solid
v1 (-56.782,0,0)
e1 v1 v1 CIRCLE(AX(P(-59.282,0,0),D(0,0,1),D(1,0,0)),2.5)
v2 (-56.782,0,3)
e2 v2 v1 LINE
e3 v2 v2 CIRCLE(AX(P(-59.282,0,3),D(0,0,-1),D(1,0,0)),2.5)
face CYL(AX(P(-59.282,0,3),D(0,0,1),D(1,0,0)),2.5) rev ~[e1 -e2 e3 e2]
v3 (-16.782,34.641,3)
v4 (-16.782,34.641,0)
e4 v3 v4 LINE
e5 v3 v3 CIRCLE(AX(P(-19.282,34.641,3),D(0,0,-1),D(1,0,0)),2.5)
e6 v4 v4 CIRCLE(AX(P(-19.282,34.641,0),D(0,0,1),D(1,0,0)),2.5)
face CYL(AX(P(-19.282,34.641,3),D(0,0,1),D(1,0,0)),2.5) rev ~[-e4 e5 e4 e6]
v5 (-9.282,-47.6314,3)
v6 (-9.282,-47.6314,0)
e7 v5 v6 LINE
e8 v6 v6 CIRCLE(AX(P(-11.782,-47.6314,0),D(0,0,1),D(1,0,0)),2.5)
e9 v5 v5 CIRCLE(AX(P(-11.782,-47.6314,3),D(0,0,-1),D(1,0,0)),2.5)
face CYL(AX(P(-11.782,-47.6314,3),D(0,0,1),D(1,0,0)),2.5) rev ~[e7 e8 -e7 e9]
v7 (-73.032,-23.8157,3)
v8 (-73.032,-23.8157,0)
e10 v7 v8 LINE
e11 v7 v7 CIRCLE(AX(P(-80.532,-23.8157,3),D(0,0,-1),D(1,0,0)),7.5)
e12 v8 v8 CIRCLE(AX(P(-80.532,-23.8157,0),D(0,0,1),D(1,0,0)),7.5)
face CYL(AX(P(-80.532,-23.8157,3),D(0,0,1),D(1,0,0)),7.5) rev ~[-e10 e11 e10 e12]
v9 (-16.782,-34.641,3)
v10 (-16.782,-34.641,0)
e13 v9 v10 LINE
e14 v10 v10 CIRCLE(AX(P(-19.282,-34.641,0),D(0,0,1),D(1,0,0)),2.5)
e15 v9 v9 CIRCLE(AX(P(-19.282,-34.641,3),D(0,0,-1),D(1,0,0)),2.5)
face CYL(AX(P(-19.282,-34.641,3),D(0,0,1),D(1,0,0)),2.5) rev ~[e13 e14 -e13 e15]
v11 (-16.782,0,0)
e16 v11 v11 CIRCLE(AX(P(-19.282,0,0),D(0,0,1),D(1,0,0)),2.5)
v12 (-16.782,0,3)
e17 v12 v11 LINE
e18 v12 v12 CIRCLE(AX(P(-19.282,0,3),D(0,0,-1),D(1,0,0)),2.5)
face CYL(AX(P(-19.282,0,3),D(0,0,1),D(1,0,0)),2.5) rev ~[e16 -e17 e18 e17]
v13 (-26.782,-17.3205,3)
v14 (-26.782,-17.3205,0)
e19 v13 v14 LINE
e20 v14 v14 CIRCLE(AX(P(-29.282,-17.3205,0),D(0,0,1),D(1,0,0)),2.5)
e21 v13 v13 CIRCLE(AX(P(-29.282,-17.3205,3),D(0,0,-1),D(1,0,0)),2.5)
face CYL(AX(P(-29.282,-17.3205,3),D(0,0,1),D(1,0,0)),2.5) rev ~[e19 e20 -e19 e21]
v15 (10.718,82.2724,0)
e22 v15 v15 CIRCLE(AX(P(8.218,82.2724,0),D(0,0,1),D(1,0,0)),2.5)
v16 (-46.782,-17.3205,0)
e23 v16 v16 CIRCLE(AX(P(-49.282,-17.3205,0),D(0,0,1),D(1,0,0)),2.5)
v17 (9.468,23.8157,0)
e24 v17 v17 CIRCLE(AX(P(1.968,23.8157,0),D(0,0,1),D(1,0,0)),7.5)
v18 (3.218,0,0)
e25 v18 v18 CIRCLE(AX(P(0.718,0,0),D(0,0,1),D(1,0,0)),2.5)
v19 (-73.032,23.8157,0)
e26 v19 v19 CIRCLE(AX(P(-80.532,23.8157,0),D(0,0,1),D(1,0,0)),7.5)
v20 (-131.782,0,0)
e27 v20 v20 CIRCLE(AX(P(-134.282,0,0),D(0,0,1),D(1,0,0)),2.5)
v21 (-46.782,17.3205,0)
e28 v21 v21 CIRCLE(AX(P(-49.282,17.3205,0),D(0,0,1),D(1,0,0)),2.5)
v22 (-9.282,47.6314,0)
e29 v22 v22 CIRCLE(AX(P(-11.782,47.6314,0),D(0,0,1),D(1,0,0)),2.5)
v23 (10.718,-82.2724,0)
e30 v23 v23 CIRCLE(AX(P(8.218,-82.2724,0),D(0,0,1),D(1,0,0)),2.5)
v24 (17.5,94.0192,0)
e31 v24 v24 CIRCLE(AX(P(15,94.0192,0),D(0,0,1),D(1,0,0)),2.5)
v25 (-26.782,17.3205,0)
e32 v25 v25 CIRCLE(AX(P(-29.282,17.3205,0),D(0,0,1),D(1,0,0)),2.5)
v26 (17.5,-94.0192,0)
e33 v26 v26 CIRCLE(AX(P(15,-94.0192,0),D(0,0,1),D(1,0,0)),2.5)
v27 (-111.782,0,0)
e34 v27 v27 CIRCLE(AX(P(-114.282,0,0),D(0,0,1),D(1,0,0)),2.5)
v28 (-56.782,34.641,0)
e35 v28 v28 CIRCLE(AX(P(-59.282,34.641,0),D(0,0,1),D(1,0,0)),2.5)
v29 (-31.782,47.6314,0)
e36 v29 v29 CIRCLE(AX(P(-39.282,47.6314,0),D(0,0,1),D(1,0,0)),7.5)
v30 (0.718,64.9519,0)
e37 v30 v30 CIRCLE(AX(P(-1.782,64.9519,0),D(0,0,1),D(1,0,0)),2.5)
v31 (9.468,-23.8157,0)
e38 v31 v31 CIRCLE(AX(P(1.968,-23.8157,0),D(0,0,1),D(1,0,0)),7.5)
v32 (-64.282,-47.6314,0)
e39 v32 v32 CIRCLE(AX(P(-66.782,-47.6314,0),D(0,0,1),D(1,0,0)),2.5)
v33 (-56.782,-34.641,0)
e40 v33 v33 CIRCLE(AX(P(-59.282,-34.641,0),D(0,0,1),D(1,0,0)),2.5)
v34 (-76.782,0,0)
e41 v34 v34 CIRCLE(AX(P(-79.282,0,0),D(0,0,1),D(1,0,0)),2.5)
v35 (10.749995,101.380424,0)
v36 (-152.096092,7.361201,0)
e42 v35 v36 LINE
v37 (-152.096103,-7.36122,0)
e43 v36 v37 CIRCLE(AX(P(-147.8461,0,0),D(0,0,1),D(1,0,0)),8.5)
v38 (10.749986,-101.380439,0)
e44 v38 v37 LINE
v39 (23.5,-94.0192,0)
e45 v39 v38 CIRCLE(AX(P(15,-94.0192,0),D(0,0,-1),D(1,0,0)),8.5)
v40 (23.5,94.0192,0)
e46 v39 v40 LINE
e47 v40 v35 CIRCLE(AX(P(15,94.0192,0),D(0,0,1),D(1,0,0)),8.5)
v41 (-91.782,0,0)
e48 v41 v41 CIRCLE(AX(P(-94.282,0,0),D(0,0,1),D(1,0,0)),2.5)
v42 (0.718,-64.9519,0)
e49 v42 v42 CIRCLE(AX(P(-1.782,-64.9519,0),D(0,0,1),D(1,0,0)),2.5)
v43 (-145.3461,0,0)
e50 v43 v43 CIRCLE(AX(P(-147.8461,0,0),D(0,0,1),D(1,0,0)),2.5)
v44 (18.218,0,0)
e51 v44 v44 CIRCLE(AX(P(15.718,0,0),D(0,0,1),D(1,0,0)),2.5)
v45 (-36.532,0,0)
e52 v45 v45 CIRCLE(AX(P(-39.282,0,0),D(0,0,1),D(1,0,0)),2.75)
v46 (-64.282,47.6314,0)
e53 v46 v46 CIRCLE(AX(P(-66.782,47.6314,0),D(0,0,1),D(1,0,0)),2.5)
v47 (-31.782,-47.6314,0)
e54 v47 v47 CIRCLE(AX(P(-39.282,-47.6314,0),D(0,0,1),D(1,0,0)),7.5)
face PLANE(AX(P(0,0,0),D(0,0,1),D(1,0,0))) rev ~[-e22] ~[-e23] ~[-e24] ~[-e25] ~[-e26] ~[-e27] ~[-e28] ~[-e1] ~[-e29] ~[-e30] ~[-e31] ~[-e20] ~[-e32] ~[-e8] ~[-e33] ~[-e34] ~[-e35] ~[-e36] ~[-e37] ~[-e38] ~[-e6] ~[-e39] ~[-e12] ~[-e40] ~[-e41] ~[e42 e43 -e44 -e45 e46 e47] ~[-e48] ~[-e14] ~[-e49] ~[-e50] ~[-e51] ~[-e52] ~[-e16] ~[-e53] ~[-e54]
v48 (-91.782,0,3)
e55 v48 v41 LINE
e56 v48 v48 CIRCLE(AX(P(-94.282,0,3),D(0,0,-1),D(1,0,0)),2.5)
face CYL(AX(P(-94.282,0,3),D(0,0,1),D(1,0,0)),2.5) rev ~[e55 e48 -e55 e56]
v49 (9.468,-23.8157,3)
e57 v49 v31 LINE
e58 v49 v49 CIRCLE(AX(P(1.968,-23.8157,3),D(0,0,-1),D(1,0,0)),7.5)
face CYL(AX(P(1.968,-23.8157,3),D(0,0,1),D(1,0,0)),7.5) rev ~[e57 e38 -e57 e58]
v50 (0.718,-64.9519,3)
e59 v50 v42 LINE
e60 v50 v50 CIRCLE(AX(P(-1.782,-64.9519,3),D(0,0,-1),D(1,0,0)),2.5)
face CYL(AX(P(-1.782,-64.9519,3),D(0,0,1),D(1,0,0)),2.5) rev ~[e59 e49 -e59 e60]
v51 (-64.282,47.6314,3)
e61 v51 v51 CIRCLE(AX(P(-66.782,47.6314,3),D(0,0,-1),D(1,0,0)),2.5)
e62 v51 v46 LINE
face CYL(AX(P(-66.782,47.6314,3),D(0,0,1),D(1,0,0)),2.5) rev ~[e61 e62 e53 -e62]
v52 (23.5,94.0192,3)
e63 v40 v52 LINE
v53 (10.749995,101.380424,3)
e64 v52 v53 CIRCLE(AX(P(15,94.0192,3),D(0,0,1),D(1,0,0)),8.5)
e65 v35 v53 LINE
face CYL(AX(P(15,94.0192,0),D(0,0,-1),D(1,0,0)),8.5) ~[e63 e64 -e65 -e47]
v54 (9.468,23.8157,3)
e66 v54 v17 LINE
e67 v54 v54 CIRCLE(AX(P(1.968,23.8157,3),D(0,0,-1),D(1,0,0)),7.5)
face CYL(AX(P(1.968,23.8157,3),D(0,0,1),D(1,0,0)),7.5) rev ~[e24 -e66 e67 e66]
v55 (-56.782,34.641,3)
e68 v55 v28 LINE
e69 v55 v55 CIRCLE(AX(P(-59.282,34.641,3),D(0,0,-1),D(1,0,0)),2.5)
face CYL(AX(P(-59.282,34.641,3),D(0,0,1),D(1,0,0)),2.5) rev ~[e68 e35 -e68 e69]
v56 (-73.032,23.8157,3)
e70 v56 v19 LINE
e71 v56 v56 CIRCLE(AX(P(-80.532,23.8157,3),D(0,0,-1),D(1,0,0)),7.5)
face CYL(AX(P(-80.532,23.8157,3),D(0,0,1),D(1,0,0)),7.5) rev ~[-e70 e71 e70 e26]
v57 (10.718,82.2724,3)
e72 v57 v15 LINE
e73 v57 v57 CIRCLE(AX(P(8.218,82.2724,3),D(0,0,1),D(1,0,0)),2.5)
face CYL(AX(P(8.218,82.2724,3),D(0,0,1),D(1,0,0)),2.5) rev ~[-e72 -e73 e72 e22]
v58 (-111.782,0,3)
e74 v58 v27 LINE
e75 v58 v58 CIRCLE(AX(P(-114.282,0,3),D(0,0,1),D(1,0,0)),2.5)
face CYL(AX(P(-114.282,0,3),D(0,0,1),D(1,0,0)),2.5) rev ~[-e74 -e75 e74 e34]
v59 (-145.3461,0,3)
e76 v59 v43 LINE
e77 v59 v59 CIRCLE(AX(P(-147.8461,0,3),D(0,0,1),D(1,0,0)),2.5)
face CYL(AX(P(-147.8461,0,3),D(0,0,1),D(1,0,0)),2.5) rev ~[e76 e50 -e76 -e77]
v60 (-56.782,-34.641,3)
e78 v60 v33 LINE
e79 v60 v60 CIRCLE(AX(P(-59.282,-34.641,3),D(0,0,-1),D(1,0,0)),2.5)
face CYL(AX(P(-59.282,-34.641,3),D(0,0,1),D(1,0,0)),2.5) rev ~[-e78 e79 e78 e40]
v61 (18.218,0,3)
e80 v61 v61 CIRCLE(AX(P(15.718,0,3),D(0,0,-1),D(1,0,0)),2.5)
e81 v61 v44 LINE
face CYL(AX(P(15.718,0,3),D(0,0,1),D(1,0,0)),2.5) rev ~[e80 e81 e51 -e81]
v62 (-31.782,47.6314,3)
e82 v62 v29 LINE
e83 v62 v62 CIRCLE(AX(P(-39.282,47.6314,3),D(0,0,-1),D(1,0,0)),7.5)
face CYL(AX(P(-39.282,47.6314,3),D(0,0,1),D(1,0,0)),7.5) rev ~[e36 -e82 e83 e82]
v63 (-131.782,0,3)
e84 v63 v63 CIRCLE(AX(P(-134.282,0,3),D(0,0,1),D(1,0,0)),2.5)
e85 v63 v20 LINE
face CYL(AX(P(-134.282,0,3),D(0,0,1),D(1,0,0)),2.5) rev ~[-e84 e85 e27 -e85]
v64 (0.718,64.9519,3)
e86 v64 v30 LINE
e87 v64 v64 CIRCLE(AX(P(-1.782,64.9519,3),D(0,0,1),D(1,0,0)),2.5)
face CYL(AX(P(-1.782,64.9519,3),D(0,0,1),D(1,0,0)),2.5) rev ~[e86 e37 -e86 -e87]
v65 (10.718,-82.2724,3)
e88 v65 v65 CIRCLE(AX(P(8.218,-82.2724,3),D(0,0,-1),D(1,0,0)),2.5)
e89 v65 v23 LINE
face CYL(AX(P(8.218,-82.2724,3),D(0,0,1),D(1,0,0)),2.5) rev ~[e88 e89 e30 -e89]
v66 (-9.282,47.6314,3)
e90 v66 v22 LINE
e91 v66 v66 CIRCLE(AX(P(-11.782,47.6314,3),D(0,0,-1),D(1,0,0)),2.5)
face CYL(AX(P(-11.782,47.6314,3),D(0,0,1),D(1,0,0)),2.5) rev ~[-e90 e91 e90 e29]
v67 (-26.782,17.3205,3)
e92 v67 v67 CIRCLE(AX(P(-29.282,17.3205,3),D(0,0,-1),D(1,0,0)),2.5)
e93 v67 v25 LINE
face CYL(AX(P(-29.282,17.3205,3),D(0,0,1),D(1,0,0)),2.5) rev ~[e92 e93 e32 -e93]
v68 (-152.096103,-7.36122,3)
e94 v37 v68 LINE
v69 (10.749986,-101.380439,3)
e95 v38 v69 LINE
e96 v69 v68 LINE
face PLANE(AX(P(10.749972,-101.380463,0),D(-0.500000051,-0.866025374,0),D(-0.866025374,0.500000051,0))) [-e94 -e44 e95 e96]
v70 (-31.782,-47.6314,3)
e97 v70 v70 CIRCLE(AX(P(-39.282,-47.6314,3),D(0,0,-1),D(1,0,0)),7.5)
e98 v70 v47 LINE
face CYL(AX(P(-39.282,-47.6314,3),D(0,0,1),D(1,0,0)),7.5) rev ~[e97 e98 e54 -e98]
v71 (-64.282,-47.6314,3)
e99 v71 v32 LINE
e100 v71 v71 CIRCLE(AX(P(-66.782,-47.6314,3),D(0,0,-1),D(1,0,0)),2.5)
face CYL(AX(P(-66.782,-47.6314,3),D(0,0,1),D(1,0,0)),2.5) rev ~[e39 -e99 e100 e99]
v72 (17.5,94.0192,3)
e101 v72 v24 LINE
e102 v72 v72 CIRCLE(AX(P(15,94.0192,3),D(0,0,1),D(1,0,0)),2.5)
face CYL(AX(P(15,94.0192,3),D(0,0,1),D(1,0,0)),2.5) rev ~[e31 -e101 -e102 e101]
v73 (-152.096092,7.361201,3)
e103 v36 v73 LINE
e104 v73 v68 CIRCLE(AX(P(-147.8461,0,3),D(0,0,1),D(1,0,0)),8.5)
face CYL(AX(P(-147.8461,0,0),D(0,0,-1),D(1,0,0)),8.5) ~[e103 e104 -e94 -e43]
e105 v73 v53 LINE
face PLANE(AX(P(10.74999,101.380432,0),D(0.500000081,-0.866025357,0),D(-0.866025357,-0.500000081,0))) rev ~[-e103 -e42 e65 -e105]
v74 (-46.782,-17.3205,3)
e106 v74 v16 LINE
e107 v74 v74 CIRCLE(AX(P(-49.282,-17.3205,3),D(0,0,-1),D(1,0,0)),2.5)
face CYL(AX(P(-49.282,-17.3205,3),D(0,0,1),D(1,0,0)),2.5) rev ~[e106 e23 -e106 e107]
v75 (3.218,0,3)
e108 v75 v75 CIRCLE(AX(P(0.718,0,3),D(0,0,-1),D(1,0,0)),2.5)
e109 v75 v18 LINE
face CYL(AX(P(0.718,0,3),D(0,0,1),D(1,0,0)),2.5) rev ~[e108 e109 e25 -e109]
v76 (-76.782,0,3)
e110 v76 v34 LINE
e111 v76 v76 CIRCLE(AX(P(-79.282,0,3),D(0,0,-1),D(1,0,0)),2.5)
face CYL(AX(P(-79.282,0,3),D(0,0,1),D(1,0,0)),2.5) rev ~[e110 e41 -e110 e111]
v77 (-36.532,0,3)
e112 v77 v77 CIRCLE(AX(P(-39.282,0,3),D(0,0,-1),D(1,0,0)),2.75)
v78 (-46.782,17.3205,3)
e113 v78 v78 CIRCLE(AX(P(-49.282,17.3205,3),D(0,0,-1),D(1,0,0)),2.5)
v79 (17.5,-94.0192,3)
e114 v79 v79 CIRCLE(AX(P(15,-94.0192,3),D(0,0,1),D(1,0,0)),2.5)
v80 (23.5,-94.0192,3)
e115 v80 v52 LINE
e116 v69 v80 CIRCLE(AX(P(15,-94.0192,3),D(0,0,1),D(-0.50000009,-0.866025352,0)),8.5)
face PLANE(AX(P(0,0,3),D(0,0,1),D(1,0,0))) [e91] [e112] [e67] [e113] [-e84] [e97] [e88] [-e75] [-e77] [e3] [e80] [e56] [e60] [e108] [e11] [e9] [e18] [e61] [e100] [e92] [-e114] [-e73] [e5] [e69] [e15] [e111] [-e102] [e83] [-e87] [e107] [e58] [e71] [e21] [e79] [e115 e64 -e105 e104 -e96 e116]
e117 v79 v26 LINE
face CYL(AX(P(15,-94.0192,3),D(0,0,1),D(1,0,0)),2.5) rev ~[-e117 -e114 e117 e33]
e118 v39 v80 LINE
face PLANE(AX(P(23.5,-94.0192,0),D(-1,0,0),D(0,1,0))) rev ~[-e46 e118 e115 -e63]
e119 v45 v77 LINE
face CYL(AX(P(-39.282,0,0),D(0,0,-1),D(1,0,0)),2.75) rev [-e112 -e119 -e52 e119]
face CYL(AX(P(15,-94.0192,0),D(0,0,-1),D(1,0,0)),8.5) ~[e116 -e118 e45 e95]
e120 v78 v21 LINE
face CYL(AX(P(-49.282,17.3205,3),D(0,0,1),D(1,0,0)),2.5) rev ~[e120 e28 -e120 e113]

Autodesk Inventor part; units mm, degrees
ref_plane "YZ Plane" through (0, 0, 0) normal (1, 0, 0) x (0, 1, 0)
ref_plane "XZ Plane" through (0, 0, 0) normal (0, 1, 0) x (-1, 0, 0)
ref_plane "XY Plane" through (0, 0, 0) normal (0, 0, 1) x (1, 0, 0)
sketch "Sketch1" plane through (0, 0, 0) normal (0, 0, 1) x (1, 0, 0)
  line L0 (-154.4076, 199.4033) -> (65.098, -180.7915)
  circle A0 centre (-39.282, 0) radius 2.75
  circle A1 centre (15, 94.0192) radius 8.5
  circle A2 centre (-147.8461, 0) radius 8.5
  circle A3 centre (15, -94.0192) radius 8.5
  line L1 (15, 94.0192) -> (15, -94.0192)
  line L2 (15, -94.0192) -> (-147.8461, 0)
  line L3 (-147.8461, 0) -> (15, 94.0192)
  line L4 (53.7758, 126.2214) -> (-193.87, -16.757)
  line L5 (23.5, -175.7783) -> (23.5, 120.7175)
  line L6 (64.2969, -132.2958) -> (-207.0406, 24.361)
  circle A4 centre (-39.282, 0) radius 2.75
  circle A5 centre (-39.282, 0) radius 2.5 projected
  point P0 (0, 0)
  point P1 (23.5, -94.0192)
  point P2 (23.5, 94.0192)
  point P3 (10.75, 101.3805)
  point P4 (-152.0961, 7.3612)
  point P5 (-152.0961, -7.3612)
  point P6 (10.75, -101.3805)
  dimension "d2" = 17
  dimension "d3" = 360
  dimension "d4" = 5.5
extrude "Extrusion1" add sketch "Sketch1" along normal blind 3 contours L4 A1 L3 L0 | L0 L3 A2 L4 | L3 A1 L1 A3 L0 A0 | L0 A0 A3 L2 A2 L3 | A1 L1 L3 | A2 L3 L2 | A2 L2 L3 | L3 L1 A1 | L5 A3 L1 A1 | A2 L2 A3 L6 | A3 L0 L1 | A3 L2 L0 | A3 L1 L0 | L0 L2 A3
sketch "Sketch2" plane through (0, 0, 3) normal (0, 0, 1) x (1, 0, 0)
  circle A0 centre (-147.8461, 0) radius 2.5 projected
  circle A1 centre (15, 94.0192) radius 2.5 projected
  circle A2 centre (15, -94.0192) radius 2.5 projected
  line L0 (-152.0961, -7.3612) -> (10.75, -101.3805) projected
  line L1 (10.75, 101.3805) -> (-152.0961, 7.3612) projected
  point P0 (0, 0)
extrude "Extrusion2" cut sketch "Sketch2" against normal blind 3
sketch "Sketch3" plane through (0, 0, 3) normal (0, 0, 1) x (1, 0, 0)
  circle A0 centre (-39.282, 0) radius 2.75 projected
  line L0 (-39.282, 0) -> (-59.282, 0)
  line L1 (-59.282, 0) -> (-79.282, 0)
  line L2 (-79.282, 0) -> (-94.282, 0)
  line L3 (-94.282, 0) -> (-109.282, 0)
  line L4 (-59.282, 0) -> (-49.282, 17.3205)
  line L5 (-49.282, 17.3205) -> (-29.282, 17.3205)
  line L6 (-29.282, 17.3205) -> (-19.282, 0)
  line L7 (-19.282, 0) -> (-29.282, -17.3205)
  line L8 (-29.282, -17.3205) -> (-49.282, -17.3205)
  line L9 (-49.282, -17.3205) -> (-59.282, 0)
  line L10 (-79.282, 0) -> (-59.282, 34.641)
  line L11 (-59.282, 34.641) -> (-19.282, 34.641)
  line L12 (-19.282, 34.641) -> (0.718, 0)
  line L13 (0.718, 0) -> (-19.282, -34.641)
  line L14 (-19.282, -34.641) -> (-59.282, -34.641)
  line L15 (-59.282, -34.641) -> (-79.282, 0)
  line L16 (-94.282, 0) -> (-66.782, 47.6314)
  line L17 (-66.782, 47.6314) -> (-11.782, 47.6314)
  line L18 (-11.782, 47.6314) -> (15.718, 0)
  line L19 (15.718, 0) -> (-11.782, -47.6314)
  line L20 (-11.782, -47.6314) -> (-66.782, -47.6314)
  line L21 (-66.782, -47.6314) -> (-94.282, 0)
  circle A1 centre (-49.282, -17.3205) radius 2.5
  circle A2 centre (-59.282, -34.641) radius 2.5
  circle A3 centre (-66.782, -47.6314) radius 2.5
  circle A4 centre (-29.282, -17.3205) radius 2.5
  circle A5 centre (-19.282, -34.641) radius 2.5
  circle A6 centre (-11.782, -47.6314) radius 2.5
  circle A7 centre (-19.282, 0) radius 2.5
  circle A8 centre (0.718, 0) radius 2.5
  circle A9 centre (15.718, 0) radius 2.5
  circle A10 centre (-29.282, 17.3205) radius 2.5
  circle A11 centre (-19.282, 34.641) radius 2.5
  circle A12 centre (-11.782, 47.6314) radius 2.5
  circle A13 centre (-49.282, 17.3205) radius 2.5
  circle A14 centre (-59.282, 34.641) radius 2.5
  circle A15 centre (-66.782, 47.6314) radius 2.5
  circle A16 centre (-59.282, 0) radius 2.5
  circle A17 centre (-79.282, 0) radius 2.5
  circle A18 centre (-94.282, 0) radius 2.5
  line L22 (-19.282, -34.641) -> (-11.782, -47.6314)
  line L23 (-11.782, -47.6314) -> (-1.782, -64.9519)
  line L24 (-1.782, -64.9519) -> (8.218, -82.2724)
  circle A19 centre (-1.782, -64.9519) radius 2.5
  circle A20 centre (8.218, -82.2724) radius 2.5
  circle A21 centre (-1.782, 64.9519) radius 2.5
  circle A22 centre (8.218, 82.2724) radius 2.5
  circle A23 centre (-114.282, 0) radius 2.5
  circle A24 centre (-134.282, 0) radius 2.5
  line L25 (-80.532, 23.8157) -> (-39.282, 0)
  line L26 (-39.282, 0) -> (-39.282, 47.6314)
  line L27 (-39.282, 0) -> (1.968, 23.8157)
  line L28 (-39.282, 0) -> (1.968, -23.8157)
  line L29 (-39.282, 0) -> (-39.282, -47.6314)
  line L30 (-39.282, 0) -> (-80.532, -23.8157)
  circle A25 centre (-80.532, -23.8157) radius 7.5
  circle A26 centre (-39.282, -47.6314) radius 7.5
  circle A27 centre (1.968, -23.8157) radius 7.5
  circle A28 centre (1.968, 23.8157) radius 7.5
  circle A29 centre (-39.282, 47.6314) radius 7.5
  circle A30 centre (-80.532, 23.8157) radius 7.5
  point P0 (0, 0)
  dimension "d9" = 20
  dimension "d10" = 20
  dimension "d11" = 15
  dimension "d12" = 15
  dimension "d13" = 5
  dimension "d14" = 5
  dimension "d15" = 5
  dimension "d18" = 360
  dimension "d20" = 20
  dimension "d21" = 20
  dimension "d22" = 5
  dimension "d23" = 5
  dimension "d24" = 17.3205
  dimension "d27" = 360
  dimension "d31" = 15
  dimension "d32" = 15
  dimension "d33" = 15
  dimension "d34" = 15
  dimension "d35" = 15
  dimension "d36" = 15
extrude "Extrusion3" cut sketch "Sketch3" against normal blind 3 contours A10 L5 L6 | L6 L5 A10 | A7 L7 L6 | L6 L7 A7 | A4 L8 L7 | L7 L8 A4 | A13 L4 L5 | L5 L4 A13 | A16 L9 L0 | L0 L4 A16 | A11 L11 L12 | L12 L11 A11 | A8 L13 L12 | L12 L13 A8 | A28 L18 L27 | L27 L18 A28 | A1 L9 L8 | L8 L9 A1 | A5 L22 L13 | L13 L14 A5 | A27 L19 L28 | L28 L19 A27 | L4 L1 A16 | A14 L10 L11 | L11 L10 A14 | A29 L17 L26 | L26 L17 A29 | L9 A16 L1 | L18 A28 | A20 | A19 L24 L23 | L23 L24 A19 | L14 L22 A5 | A2 L15 L14 | L14 L15 A2 | A26 L20 L29 | L29 L20 A26 | L19 A27 | A17 L1 L10 | L10 L2 A17 | A30 L16 L25 | L25 L16 A30 | L17 A29 | A17 L2 L15 | L15 L1 A17 | A25 L21 L30 | L30 L21 A25 | A12 L17 L18 | L18 L17 A12 | A9 L19 L18 | L18 L19 A9 | L20 A26 | A6 L23 L19 | L19 L22 A6 | L16 A30 | A15 L16 L17 | L17 L16 A15 | L21 A25 | L22 L20 A6 | L20 L23 A6 | A3 L21 L20 | L20 L21 A3 | A18 L21 L2 | L2 L16 A18 | L16 L3 A18 | A18 L3 L21 | A21 | A22 | A23 | A24
properties part number "multifunctional_lvl"
